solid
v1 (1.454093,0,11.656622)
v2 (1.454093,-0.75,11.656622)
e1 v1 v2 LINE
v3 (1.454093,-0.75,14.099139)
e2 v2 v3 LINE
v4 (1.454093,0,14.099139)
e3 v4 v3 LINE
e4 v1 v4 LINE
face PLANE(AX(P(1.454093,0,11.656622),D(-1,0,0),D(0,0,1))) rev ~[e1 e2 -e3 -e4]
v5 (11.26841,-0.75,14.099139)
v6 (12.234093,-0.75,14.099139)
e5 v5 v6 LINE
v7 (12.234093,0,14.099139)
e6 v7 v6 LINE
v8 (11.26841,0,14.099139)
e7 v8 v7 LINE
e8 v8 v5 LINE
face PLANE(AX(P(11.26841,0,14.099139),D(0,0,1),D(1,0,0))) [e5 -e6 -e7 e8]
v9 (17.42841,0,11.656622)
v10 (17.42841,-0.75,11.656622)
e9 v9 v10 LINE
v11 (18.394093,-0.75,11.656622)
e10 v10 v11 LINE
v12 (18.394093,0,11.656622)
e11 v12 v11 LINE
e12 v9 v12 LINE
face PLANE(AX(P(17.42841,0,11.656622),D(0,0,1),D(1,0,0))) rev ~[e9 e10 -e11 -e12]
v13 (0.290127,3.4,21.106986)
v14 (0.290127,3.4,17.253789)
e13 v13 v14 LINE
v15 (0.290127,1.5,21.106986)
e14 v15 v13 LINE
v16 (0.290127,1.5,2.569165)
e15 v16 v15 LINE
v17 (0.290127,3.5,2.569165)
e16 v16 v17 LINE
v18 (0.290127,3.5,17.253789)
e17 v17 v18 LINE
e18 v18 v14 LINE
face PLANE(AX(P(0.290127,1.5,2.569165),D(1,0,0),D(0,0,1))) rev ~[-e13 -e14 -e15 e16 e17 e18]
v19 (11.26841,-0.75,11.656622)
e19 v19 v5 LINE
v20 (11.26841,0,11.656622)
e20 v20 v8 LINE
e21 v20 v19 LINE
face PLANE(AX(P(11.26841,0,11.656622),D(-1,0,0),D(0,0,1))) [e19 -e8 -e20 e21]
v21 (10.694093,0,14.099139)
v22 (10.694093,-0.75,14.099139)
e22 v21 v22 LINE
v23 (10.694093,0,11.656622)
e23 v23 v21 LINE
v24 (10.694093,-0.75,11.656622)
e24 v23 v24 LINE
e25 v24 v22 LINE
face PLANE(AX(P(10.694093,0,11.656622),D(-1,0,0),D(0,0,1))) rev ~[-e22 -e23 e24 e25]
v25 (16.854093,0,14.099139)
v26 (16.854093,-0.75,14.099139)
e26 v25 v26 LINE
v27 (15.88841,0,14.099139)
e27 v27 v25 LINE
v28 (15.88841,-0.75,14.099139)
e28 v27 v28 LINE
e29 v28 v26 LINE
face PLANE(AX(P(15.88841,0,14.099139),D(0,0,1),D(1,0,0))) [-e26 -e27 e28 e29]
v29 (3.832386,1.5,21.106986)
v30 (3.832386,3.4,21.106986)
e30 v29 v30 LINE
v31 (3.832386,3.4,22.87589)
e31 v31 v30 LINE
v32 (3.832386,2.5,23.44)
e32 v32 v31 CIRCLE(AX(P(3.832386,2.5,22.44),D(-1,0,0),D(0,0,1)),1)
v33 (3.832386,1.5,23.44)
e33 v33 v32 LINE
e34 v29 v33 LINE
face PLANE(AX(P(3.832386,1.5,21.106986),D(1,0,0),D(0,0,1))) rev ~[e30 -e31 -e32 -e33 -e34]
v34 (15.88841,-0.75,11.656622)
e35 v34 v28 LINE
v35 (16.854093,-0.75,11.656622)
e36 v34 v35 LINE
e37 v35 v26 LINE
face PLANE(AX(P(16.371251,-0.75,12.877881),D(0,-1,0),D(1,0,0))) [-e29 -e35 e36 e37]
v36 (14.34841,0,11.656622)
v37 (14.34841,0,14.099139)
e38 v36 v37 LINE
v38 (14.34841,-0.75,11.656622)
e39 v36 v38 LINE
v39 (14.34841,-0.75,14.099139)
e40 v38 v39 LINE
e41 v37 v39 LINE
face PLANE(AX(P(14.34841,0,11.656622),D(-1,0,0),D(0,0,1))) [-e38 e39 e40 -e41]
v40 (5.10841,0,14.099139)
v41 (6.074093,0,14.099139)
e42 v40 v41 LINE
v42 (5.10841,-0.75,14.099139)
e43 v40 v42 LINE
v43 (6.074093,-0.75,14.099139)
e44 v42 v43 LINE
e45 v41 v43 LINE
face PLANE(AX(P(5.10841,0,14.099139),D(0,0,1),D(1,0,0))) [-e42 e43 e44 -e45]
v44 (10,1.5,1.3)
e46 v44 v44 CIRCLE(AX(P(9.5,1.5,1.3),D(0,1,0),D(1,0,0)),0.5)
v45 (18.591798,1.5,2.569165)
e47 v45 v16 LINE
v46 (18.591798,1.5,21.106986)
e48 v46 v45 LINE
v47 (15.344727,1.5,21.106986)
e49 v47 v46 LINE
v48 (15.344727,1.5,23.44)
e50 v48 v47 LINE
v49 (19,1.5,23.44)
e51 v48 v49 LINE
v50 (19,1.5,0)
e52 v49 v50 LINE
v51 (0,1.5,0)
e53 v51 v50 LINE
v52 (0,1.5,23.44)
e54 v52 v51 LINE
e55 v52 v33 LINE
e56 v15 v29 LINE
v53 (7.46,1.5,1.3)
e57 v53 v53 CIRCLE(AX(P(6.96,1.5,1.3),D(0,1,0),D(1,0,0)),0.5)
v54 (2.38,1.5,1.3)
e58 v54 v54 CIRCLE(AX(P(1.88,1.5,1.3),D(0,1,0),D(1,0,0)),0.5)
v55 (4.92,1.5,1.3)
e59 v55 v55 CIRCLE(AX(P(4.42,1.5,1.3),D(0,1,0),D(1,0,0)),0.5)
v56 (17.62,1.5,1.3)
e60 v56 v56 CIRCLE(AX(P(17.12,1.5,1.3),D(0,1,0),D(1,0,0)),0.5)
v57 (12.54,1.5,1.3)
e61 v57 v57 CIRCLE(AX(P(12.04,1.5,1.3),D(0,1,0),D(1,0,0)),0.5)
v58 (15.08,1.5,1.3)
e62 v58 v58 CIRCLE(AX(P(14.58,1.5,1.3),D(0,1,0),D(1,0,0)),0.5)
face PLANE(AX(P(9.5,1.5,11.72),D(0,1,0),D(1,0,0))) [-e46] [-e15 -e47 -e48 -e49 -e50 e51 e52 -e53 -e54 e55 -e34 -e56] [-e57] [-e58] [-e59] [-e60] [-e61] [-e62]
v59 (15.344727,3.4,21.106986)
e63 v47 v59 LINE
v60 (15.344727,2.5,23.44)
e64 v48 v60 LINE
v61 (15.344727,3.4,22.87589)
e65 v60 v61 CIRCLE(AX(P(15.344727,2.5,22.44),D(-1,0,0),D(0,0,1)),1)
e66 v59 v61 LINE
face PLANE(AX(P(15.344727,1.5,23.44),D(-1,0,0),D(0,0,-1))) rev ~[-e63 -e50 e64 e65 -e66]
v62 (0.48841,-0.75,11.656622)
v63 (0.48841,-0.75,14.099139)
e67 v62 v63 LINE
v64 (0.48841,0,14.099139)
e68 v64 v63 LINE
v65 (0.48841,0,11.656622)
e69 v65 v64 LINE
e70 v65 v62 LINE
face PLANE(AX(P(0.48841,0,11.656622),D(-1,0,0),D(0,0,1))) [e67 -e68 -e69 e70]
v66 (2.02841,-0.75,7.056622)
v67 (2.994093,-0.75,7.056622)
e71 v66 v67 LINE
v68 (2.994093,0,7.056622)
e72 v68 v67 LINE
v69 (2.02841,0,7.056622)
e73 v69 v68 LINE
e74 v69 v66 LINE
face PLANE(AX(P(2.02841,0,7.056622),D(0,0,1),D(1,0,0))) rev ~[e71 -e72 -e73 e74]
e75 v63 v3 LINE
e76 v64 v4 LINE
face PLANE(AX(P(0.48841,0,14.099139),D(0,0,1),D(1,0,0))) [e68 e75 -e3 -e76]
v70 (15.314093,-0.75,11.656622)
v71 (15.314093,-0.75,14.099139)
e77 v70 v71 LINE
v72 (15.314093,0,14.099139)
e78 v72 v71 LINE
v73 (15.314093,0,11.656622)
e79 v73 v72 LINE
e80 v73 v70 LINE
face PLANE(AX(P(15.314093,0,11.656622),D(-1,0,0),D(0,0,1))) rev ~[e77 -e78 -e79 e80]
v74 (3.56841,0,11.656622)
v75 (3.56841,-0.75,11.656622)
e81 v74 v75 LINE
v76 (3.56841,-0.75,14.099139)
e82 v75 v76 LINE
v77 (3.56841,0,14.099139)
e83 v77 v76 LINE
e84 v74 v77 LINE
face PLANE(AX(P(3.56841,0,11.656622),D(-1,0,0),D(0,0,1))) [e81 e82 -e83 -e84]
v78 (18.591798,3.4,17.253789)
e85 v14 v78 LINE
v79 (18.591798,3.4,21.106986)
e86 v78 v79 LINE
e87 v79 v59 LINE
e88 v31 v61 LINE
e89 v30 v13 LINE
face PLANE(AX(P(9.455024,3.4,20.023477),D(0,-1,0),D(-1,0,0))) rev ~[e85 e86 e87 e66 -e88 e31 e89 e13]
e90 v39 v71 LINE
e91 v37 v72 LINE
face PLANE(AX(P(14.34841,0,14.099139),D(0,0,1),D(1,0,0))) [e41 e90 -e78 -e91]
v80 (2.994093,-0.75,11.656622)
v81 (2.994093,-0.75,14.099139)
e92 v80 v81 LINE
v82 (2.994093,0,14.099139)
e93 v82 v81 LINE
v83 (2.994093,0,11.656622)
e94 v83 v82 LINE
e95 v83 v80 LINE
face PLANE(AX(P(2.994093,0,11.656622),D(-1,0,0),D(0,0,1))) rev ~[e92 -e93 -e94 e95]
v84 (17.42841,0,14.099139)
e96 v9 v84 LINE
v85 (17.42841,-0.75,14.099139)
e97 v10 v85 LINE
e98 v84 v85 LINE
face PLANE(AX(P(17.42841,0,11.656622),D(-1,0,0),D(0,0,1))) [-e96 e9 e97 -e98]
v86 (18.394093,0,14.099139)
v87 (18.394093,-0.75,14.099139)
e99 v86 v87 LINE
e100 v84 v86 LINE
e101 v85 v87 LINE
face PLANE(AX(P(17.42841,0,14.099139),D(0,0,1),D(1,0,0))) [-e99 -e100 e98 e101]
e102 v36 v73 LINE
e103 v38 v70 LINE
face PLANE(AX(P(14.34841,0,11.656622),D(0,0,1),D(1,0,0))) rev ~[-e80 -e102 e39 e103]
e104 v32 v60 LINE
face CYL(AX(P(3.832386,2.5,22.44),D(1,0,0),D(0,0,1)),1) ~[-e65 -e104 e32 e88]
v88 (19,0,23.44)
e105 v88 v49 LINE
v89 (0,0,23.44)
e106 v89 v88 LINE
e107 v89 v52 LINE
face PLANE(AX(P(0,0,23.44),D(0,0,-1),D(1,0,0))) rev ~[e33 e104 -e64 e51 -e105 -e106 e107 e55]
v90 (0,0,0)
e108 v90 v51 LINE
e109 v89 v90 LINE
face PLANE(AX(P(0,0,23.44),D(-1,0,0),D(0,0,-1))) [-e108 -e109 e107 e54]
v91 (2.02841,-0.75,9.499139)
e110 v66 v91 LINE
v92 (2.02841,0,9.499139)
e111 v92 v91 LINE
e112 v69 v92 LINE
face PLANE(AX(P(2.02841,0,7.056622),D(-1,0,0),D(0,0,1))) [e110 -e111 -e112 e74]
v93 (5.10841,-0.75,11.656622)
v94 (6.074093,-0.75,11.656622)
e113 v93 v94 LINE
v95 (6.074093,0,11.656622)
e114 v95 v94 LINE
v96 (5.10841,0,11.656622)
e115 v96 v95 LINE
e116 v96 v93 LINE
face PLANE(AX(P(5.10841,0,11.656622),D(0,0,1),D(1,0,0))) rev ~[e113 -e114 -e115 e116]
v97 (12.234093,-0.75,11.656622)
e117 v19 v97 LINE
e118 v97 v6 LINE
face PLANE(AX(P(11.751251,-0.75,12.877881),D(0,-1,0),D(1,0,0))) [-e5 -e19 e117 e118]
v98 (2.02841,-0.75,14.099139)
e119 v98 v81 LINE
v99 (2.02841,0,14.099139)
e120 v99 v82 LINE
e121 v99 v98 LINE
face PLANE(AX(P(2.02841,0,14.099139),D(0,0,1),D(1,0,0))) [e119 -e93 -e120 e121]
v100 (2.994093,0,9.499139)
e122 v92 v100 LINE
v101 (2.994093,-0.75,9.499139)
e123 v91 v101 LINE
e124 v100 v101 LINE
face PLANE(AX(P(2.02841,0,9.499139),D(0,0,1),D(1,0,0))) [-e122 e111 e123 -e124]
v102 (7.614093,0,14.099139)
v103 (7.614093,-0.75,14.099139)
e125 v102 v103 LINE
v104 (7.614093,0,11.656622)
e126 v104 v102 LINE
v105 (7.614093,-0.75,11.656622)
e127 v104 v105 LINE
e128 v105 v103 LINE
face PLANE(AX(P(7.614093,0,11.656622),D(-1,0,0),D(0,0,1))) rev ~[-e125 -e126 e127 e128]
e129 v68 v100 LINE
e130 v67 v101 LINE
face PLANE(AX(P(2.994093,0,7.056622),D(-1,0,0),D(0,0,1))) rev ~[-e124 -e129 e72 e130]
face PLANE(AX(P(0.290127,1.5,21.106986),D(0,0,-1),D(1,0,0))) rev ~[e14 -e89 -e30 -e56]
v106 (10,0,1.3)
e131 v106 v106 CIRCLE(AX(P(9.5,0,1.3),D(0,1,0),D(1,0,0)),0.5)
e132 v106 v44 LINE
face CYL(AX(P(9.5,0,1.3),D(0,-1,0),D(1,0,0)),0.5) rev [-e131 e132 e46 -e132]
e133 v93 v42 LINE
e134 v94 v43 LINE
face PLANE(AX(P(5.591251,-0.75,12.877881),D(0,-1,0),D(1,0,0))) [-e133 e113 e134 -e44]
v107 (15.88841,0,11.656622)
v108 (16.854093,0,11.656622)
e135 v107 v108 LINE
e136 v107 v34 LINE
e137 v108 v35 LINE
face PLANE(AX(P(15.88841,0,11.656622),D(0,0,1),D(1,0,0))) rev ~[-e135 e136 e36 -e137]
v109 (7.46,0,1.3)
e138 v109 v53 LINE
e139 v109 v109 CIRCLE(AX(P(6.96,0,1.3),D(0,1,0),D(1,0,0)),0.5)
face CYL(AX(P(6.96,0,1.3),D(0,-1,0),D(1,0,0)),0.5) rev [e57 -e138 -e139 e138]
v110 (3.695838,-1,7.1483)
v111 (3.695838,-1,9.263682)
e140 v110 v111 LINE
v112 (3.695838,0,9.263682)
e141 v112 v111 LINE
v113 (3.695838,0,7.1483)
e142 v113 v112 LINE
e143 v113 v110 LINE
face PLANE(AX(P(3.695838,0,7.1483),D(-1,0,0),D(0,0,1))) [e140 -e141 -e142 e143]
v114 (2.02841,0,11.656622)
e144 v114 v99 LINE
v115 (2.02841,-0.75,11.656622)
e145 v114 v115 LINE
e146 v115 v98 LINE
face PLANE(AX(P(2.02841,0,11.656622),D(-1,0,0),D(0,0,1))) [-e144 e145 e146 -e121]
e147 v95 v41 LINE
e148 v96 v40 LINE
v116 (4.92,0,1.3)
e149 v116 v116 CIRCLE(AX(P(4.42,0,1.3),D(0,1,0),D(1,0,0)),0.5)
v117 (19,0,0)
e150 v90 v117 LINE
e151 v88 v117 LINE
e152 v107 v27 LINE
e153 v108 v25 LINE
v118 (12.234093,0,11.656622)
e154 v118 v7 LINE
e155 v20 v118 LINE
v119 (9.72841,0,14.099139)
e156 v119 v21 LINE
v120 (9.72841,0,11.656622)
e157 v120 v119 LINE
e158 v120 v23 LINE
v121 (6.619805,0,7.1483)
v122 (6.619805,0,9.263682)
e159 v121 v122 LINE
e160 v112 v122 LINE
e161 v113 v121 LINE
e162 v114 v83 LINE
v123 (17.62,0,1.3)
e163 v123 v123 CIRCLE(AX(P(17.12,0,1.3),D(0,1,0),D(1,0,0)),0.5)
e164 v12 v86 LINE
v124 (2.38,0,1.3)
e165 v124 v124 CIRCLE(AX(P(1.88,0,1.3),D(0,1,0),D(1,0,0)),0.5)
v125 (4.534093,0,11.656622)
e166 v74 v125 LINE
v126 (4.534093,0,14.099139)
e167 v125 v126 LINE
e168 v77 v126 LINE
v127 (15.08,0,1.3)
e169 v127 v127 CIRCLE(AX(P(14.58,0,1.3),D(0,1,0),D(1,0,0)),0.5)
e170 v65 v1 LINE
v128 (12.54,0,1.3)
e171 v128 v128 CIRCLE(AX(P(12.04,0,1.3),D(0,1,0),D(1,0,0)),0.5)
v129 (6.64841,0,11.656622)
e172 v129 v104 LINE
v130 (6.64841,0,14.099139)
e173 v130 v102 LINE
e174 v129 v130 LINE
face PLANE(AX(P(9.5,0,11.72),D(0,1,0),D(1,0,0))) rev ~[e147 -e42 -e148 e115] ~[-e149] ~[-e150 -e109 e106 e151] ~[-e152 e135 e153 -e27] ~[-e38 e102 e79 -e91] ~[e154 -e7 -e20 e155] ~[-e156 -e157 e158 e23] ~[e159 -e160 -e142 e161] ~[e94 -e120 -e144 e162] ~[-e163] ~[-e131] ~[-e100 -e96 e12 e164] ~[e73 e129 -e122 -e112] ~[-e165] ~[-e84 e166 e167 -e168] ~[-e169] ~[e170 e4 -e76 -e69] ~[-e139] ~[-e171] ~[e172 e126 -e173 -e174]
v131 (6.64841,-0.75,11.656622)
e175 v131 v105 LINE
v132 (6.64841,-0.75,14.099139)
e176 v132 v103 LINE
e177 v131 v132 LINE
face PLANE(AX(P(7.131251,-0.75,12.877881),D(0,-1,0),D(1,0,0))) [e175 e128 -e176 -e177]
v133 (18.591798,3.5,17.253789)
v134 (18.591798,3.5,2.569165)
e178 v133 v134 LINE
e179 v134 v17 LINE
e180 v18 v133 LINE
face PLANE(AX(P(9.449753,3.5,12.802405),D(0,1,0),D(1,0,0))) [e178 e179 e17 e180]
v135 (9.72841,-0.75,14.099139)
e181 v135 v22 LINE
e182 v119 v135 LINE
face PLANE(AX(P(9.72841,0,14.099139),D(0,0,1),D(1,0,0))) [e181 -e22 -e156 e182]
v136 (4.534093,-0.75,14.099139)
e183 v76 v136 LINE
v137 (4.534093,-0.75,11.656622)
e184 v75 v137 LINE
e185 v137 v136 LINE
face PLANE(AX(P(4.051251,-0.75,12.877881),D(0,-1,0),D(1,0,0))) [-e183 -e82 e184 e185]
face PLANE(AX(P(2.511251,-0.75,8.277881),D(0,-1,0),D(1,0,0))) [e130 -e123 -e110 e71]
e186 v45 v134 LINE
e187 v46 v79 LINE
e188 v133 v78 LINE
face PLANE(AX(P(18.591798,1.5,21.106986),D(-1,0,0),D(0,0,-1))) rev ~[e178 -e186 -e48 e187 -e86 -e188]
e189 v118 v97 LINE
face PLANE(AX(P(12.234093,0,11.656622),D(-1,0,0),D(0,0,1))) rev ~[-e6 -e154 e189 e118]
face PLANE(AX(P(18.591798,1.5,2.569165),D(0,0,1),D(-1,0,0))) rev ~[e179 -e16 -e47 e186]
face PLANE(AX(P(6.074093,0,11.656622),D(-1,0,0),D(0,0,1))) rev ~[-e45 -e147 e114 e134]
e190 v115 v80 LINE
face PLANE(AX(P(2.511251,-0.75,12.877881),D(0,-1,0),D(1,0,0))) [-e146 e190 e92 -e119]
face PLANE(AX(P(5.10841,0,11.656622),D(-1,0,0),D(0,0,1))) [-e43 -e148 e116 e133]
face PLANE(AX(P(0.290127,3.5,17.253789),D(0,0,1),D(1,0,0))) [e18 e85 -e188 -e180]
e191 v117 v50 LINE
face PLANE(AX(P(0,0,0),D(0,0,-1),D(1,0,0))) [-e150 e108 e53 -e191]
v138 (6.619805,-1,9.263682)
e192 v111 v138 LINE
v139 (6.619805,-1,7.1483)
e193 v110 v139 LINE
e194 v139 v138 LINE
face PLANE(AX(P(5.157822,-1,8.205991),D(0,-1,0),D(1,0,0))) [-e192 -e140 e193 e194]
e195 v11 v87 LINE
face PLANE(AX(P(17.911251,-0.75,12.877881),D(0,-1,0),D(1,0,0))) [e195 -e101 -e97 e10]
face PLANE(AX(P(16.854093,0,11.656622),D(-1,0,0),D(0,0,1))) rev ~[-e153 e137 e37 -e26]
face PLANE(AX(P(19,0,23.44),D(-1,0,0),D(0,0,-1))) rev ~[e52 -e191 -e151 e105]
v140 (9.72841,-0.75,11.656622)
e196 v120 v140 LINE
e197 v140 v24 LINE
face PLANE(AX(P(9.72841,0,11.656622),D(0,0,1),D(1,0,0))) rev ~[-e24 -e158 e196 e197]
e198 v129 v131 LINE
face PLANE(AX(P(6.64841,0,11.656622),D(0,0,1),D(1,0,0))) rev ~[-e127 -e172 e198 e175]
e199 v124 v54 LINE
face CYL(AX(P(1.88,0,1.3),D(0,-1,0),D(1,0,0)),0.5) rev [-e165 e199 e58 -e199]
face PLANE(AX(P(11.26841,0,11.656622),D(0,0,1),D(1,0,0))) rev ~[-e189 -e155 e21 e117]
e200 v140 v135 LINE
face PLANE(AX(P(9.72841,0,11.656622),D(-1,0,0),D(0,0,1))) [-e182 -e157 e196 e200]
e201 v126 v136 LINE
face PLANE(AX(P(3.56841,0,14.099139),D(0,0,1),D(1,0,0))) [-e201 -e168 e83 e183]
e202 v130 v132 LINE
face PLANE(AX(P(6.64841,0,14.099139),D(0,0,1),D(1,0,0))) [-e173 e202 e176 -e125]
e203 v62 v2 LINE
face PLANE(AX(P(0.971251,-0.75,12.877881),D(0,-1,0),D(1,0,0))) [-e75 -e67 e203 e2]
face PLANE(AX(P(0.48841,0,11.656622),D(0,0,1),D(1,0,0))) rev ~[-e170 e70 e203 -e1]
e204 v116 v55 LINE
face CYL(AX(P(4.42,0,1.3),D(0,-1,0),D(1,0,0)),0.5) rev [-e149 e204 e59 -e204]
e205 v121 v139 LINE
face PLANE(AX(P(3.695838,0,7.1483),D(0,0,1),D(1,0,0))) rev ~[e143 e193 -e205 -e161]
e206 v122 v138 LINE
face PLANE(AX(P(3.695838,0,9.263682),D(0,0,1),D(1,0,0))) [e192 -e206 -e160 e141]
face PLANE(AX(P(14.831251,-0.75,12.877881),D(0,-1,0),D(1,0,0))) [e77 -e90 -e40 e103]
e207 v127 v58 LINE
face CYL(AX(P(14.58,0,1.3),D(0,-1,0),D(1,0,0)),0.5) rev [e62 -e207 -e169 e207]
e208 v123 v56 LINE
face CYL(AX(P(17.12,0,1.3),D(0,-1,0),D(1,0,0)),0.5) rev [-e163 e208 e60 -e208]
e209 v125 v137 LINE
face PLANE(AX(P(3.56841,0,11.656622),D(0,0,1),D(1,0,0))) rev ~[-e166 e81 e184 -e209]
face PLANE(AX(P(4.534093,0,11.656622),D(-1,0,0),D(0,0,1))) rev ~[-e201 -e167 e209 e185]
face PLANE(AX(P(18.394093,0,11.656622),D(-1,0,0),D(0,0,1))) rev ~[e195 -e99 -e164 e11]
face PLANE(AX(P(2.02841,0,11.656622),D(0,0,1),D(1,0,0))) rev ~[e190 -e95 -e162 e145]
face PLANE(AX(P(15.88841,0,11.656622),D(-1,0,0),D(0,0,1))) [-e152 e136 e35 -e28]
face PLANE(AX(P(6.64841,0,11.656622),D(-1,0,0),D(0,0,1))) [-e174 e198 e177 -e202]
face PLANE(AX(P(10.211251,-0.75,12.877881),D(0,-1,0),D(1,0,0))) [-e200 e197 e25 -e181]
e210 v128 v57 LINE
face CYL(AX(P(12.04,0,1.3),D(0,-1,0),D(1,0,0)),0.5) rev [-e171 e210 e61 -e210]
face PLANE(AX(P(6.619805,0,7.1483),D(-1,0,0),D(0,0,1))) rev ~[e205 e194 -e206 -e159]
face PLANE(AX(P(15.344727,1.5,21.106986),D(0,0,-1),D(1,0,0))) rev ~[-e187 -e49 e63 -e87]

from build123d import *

# Parameters (mm, degrees)
SKETCH1_W           = 19
SKETCH1_H           = 23.44
SKETCH1_R           = 0.5
BOSS_EXTRUDE1_DEPTH = 1.5
BOSS_EXTRUDE2_DEPTH = 2
FILLET1_R           = 1
SKETCH4_W           = 2.923966861
SKETCH4_H           = 2.115382352
BOSS_EXTRUDE3_DEPTH = 1
SKETCH5_W           = 0.965682683
SKETCH5_H           = 2.442516719
BOSS_EXTRUDE4_DEPTH = 0.75
CUT_EXTRUDE1_DEPTH  = 0.1


with BuildPart() as part:
    # Sketch1 → Boss-Extrude1 (new body)
    with BuildSketch(Plane(origin=(0, 0, 0), x_dir=(1, 0, 0), z_dir=(0, 1, 0))):
        with Locations((9.5, -11.72)):
            Rectangle(SKETCH1_W, SKETCH1_H)
        with Locations((1.88, -1.3)):
            Circle(SKETCH1_R, mode=Mode.SUBTRACT)
        with Locations((4.42, -1.3)):
            Circle(SKETCH1_R, mode=Mode.SUBTRACT)
        with Locations((6.96, -1.3)):
            Circle(SKETCH1_R, mode=Mode.SUBTRACT)
        with Locations((9.5, -1.3)):
            Circle(SKETCH1_R, mode=Mode.SUBTRACT)
        with Locations((12.04, -1.3)):
            Circle(SKETCH1_R, mode=Mode.SUBTRACT)
        with Locations((14.58, -1.3)):
            Circle(SKETCH1_R, mode=Mode.SUBTRACT)
        with Locations((17.12, -1.3)):
            Circle(SKETCH1_R, mode=Mode.SUBTRACT)
    extrude(amount=BOSS_EXTRUDE1_DEPTH)

    # Sketch3 → Boss-Extrude2 (add)
    with BuildSketch(Plane(origin=(0, 1.5, 0), x_dir=(1, 0, 0), z_dir=(0, 1, 0))):
        Polygon((3.832385917, -21.106985825), (3.832385917, -23.44), (15.344727023, -23.44), (15.344727023, -21.106985825), (18.591797592, -21.106985825), (18.591797592, -2.569164761), (0.290127115, -2.569164761), (0.290127115, -21.106985825), align=None)
    extrude(amount=BOSS_EXTRUDE2_DEPTH)

    # Fillet1
    fillet1_edges = [part.edges().sort_by_distance(p)[0] for p in [
        (9.58855647, 3.5, 23.44),
    ]]
    fillet(fillet1_edges, radius=FILLET1_R)

    # Sketch4 → Boss-Extrude3 (add)
    with BuildSketch(Plane.XZ):
        with Locations((5.157821851, 8.205990998)):
            Rectangle(SKETCH4_W, SKETCH4_H)
    extrude(amount=BOSS_EXTRUDE3_DEPTH)

    # Sketch5 → Boss-Extrude4 (add)
    with BuildSketch(Plane.XZ):
        with Locations((2.511251492, 12.877880521)):
            Rectangle(SKETCH5_W, SKETCH5_H)
        with Locations((0.971251492, 12.877880521)):
            Rectangle(SKETCH5_W, SKETCH5_H)
        with Locations((4.051251492, 12.877880521)):
            Rectangle(SKETCH5_W, SKETCH5_H)
        with Locations((5.591251492, 12.877880521)):
            Rectangle(SKETCH5_W, SKETCH5_H)
        with Locations((7.131251492, 12.877880521)):
            Rectangle(SKETCH5_W, SKETCH5_H)
        with Locations((10.211251492, 12.877880521)):
            Rectangle(SKETCH5_W, SKETCH5_H)
        with Locations((11.751251491, 12.877880521)):
            Rectangle(SKETCH5_W, SKETCH5_H)
        with Locations((14.831251492, 12.877880521)):
            Rectangle(SKETCH5_W, SKETCH5_H)
        with Locations((16.371251492, 12.877880521)):
            Rectangle(SKETCH5_W, SKETCH5_H)
        with Locations((17.911251492, 12.877880521)):
            Rectangle(SKETCH5_W, SKETCH5_H)
        with Locations((2.511251492, 8.277880522)):
            Rectangle(SKETCH5_W, SKETCH5_H)
    extrude(amount=BOSS_EXTRUDE4_DEPTH)

    # Sketch6 → Cut-Extrude1 (cut)
    with BuildSketch(Plane(origin=(0, 3.5, 0), x_dir=(1, 0, 0), z_dir=(0, 1, 0))):
        Polygon((0.290127115, -17.253788657), (18.591797592, -17.253788657), (18.591797592, -21.106985825), (15.344727023, -21.106985825), (15.344727023, -23.44), (3.832385917, -23.44), (3.832385917, -21.106985825), (0.290127115, -21.106985825), align=None)
    extrude(amount=-CUT_EXTRUDE1_DEPTH, mode=Mode.SUBTRACT)


solid = part.part
